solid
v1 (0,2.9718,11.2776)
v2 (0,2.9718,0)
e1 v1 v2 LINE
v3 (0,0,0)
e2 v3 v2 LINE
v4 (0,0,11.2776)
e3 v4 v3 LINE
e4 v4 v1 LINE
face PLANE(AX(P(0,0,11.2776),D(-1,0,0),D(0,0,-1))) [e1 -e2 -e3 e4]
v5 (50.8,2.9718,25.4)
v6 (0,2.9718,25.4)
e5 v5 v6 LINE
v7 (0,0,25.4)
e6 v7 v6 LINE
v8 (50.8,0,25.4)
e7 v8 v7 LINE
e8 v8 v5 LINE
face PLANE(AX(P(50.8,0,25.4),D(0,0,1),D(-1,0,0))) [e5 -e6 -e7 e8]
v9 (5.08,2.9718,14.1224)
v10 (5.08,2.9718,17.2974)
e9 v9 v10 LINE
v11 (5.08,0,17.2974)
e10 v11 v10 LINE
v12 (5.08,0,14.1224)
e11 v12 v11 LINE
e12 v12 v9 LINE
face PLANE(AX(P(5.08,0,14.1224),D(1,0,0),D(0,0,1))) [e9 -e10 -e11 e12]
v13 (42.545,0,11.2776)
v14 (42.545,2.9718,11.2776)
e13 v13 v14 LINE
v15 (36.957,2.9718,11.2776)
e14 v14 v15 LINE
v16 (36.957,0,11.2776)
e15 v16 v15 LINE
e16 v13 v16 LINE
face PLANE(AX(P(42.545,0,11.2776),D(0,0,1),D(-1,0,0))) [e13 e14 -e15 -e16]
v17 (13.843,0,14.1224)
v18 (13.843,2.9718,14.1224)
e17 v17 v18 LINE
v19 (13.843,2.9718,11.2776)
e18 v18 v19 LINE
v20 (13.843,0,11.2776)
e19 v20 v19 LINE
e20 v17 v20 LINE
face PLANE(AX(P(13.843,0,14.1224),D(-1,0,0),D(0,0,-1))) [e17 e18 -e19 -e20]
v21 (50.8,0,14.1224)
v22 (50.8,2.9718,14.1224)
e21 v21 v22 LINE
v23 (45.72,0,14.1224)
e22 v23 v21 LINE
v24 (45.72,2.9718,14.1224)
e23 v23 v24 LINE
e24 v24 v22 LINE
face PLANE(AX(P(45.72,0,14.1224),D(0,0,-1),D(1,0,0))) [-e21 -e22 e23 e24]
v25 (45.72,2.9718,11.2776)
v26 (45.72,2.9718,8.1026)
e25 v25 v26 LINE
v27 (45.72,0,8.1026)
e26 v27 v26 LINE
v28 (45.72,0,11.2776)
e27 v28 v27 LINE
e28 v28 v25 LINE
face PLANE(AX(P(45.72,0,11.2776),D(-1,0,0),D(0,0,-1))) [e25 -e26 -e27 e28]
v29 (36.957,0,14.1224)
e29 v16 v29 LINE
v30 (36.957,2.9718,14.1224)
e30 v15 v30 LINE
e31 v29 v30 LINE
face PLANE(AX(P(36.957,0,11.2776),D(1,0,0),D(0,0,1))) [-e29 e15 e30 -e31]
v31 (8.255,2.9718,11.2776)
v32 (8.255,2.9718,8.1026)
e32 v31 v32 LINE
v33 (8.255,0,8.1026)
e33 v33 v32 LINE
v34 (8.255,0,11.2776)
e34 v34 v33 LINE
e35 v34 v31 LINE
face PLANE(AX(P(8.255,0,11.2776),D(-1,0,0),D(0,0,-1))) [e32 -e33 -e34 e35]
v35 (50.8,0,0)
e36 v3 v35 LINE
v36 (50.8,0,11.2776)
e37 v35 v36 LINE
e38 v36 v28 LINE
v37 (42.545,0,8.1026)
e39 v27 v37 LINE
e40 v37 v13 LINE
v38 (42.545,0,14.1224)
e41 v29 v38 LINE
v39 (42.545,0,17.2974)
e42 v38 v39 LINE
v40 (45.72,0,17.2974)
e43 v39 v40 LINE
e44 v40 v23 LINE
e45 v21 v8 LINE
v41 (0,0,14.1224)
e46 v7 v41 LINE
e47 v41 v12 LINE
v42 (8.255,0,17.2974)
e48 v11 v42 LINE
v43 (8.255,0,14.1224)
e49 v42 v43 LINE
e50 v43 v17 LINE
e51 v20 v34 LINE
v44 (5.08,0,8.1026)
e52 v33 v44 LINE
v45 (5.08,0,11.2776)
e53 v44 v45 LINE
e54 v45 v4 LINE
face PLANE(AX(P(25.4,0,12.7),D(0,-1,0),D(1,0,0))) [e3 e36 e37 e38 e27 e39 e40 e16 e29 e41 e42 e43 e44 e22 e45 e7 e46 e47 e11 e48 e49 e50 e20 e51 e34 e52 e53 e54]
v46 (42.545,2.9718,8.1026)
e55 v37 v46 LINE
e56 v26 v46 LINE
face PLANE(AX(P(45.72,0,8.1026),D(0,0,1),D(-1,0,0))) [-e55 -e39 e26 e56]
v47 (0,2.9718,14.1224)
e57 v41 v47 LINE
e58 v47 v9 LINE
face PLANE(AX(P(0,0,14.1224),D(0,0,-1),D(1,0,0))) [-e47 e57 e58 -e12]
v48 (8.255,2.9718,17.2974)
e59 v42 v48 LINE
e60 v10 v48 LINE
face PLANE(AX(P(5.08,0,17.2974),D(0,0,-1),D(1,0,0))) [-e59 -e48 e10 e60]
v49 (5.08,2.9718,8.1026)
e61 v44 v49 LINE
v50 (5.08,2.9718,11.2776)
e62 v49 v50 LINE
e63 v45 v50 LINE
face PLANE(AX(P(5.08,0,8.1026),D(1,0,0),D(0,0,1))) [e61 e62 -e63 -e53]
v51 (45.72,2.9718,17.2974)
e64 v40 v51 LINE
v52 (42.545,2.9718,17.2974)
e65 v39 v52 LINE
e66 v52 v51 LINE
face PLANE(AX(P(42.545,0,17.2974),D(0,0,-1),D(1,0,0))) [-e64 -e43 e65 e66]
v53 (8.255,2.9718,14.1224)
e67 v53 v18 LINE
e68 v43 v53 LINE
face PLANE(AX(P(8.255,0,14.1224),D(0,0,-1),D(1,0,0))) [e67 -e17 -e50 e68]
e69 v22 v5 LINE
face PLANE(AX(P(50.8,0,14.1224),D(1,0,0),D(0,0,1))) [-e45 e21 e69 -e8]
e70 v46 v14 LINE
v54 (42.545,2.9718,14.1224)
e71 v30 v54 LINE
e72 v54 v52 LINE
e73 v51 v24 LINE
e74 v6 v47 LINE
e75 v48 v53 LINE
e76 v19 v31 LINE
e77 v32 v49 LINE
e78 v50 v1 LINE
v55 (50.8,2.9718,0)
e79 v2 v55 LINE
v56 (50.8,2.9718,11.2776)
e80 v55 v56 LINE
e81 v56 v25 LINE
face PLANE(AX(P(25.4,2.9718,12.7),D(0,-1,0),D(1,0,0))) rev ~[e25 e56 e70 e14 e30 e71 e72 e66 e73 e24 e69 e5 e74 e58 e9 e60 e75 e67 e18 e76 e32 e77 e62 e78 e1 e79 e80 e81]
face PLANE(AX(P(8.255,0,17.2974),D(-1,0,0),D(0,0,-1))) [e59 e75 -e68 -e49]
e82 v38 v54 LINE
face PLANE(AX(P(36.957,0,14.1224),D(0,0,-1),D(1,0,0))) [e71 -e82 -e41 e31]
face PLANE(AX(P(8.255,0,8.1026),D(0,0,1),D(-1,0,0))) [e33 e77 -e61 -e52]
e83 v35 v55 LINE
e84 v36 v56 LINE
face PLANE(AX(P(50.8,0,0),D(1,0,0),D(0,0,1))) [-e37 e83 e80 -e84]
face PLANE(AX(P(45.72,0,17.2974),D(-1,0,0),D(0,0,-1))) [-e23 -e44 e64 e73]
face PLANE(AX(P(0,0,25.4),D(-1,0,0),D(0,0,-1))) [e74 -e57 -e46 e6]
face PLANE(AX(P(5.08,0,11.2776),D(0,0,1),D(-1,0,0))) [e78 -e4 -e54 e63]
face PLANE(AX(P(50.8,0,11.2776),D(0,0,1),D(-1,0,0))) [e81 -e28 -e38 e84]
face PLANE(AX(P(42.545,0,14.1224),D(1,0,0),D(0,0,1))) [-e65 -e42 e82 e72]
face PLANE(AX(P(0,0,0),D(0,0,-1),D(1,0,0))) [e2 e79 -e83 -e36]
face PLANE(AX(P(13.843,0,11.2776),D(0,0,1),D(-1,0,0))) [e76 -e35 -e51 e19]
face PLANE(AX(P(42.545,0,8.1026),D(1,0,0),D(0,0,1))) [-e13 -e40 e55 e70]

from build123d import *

# Parameters (mm, degrees)
F1_DEPTH = 2.9718


with BuildPart() as f1:
    # F0 (on Front) → F1 (new body)
    with BuildSketch(Plane.XZ):
        Polygon((0, 11.2776), (0, 0), (50.8, 0), (50.8, 11.2776), (45.72, 11.2776), (45.72, 8.1026), (42.545, 8.1026), (42.545, 11.2776), (36.957, 11.2776), (36.957, 14.1224), (42.545, 14.1224), (42.545, 17.2974), (45.72, 17.2974), (45.72, 14.1224), (50.8, 14.1224), (50.8, 25.4), (0, 25.4), (0, 14.1224), (5.08, 14.1224), (5.08, 17.2974), (8.255, 17.2974), (8.255, 14.1224), (13.843, 14.1224), (13.843, 11.2776), (8.255, 11.2776), (8.255, 8.1026), (5.08, 8.1026), (5.08, 11.2776), align=None)
    extrude(amount=-F1_DEPTH)


solid = f1.part
